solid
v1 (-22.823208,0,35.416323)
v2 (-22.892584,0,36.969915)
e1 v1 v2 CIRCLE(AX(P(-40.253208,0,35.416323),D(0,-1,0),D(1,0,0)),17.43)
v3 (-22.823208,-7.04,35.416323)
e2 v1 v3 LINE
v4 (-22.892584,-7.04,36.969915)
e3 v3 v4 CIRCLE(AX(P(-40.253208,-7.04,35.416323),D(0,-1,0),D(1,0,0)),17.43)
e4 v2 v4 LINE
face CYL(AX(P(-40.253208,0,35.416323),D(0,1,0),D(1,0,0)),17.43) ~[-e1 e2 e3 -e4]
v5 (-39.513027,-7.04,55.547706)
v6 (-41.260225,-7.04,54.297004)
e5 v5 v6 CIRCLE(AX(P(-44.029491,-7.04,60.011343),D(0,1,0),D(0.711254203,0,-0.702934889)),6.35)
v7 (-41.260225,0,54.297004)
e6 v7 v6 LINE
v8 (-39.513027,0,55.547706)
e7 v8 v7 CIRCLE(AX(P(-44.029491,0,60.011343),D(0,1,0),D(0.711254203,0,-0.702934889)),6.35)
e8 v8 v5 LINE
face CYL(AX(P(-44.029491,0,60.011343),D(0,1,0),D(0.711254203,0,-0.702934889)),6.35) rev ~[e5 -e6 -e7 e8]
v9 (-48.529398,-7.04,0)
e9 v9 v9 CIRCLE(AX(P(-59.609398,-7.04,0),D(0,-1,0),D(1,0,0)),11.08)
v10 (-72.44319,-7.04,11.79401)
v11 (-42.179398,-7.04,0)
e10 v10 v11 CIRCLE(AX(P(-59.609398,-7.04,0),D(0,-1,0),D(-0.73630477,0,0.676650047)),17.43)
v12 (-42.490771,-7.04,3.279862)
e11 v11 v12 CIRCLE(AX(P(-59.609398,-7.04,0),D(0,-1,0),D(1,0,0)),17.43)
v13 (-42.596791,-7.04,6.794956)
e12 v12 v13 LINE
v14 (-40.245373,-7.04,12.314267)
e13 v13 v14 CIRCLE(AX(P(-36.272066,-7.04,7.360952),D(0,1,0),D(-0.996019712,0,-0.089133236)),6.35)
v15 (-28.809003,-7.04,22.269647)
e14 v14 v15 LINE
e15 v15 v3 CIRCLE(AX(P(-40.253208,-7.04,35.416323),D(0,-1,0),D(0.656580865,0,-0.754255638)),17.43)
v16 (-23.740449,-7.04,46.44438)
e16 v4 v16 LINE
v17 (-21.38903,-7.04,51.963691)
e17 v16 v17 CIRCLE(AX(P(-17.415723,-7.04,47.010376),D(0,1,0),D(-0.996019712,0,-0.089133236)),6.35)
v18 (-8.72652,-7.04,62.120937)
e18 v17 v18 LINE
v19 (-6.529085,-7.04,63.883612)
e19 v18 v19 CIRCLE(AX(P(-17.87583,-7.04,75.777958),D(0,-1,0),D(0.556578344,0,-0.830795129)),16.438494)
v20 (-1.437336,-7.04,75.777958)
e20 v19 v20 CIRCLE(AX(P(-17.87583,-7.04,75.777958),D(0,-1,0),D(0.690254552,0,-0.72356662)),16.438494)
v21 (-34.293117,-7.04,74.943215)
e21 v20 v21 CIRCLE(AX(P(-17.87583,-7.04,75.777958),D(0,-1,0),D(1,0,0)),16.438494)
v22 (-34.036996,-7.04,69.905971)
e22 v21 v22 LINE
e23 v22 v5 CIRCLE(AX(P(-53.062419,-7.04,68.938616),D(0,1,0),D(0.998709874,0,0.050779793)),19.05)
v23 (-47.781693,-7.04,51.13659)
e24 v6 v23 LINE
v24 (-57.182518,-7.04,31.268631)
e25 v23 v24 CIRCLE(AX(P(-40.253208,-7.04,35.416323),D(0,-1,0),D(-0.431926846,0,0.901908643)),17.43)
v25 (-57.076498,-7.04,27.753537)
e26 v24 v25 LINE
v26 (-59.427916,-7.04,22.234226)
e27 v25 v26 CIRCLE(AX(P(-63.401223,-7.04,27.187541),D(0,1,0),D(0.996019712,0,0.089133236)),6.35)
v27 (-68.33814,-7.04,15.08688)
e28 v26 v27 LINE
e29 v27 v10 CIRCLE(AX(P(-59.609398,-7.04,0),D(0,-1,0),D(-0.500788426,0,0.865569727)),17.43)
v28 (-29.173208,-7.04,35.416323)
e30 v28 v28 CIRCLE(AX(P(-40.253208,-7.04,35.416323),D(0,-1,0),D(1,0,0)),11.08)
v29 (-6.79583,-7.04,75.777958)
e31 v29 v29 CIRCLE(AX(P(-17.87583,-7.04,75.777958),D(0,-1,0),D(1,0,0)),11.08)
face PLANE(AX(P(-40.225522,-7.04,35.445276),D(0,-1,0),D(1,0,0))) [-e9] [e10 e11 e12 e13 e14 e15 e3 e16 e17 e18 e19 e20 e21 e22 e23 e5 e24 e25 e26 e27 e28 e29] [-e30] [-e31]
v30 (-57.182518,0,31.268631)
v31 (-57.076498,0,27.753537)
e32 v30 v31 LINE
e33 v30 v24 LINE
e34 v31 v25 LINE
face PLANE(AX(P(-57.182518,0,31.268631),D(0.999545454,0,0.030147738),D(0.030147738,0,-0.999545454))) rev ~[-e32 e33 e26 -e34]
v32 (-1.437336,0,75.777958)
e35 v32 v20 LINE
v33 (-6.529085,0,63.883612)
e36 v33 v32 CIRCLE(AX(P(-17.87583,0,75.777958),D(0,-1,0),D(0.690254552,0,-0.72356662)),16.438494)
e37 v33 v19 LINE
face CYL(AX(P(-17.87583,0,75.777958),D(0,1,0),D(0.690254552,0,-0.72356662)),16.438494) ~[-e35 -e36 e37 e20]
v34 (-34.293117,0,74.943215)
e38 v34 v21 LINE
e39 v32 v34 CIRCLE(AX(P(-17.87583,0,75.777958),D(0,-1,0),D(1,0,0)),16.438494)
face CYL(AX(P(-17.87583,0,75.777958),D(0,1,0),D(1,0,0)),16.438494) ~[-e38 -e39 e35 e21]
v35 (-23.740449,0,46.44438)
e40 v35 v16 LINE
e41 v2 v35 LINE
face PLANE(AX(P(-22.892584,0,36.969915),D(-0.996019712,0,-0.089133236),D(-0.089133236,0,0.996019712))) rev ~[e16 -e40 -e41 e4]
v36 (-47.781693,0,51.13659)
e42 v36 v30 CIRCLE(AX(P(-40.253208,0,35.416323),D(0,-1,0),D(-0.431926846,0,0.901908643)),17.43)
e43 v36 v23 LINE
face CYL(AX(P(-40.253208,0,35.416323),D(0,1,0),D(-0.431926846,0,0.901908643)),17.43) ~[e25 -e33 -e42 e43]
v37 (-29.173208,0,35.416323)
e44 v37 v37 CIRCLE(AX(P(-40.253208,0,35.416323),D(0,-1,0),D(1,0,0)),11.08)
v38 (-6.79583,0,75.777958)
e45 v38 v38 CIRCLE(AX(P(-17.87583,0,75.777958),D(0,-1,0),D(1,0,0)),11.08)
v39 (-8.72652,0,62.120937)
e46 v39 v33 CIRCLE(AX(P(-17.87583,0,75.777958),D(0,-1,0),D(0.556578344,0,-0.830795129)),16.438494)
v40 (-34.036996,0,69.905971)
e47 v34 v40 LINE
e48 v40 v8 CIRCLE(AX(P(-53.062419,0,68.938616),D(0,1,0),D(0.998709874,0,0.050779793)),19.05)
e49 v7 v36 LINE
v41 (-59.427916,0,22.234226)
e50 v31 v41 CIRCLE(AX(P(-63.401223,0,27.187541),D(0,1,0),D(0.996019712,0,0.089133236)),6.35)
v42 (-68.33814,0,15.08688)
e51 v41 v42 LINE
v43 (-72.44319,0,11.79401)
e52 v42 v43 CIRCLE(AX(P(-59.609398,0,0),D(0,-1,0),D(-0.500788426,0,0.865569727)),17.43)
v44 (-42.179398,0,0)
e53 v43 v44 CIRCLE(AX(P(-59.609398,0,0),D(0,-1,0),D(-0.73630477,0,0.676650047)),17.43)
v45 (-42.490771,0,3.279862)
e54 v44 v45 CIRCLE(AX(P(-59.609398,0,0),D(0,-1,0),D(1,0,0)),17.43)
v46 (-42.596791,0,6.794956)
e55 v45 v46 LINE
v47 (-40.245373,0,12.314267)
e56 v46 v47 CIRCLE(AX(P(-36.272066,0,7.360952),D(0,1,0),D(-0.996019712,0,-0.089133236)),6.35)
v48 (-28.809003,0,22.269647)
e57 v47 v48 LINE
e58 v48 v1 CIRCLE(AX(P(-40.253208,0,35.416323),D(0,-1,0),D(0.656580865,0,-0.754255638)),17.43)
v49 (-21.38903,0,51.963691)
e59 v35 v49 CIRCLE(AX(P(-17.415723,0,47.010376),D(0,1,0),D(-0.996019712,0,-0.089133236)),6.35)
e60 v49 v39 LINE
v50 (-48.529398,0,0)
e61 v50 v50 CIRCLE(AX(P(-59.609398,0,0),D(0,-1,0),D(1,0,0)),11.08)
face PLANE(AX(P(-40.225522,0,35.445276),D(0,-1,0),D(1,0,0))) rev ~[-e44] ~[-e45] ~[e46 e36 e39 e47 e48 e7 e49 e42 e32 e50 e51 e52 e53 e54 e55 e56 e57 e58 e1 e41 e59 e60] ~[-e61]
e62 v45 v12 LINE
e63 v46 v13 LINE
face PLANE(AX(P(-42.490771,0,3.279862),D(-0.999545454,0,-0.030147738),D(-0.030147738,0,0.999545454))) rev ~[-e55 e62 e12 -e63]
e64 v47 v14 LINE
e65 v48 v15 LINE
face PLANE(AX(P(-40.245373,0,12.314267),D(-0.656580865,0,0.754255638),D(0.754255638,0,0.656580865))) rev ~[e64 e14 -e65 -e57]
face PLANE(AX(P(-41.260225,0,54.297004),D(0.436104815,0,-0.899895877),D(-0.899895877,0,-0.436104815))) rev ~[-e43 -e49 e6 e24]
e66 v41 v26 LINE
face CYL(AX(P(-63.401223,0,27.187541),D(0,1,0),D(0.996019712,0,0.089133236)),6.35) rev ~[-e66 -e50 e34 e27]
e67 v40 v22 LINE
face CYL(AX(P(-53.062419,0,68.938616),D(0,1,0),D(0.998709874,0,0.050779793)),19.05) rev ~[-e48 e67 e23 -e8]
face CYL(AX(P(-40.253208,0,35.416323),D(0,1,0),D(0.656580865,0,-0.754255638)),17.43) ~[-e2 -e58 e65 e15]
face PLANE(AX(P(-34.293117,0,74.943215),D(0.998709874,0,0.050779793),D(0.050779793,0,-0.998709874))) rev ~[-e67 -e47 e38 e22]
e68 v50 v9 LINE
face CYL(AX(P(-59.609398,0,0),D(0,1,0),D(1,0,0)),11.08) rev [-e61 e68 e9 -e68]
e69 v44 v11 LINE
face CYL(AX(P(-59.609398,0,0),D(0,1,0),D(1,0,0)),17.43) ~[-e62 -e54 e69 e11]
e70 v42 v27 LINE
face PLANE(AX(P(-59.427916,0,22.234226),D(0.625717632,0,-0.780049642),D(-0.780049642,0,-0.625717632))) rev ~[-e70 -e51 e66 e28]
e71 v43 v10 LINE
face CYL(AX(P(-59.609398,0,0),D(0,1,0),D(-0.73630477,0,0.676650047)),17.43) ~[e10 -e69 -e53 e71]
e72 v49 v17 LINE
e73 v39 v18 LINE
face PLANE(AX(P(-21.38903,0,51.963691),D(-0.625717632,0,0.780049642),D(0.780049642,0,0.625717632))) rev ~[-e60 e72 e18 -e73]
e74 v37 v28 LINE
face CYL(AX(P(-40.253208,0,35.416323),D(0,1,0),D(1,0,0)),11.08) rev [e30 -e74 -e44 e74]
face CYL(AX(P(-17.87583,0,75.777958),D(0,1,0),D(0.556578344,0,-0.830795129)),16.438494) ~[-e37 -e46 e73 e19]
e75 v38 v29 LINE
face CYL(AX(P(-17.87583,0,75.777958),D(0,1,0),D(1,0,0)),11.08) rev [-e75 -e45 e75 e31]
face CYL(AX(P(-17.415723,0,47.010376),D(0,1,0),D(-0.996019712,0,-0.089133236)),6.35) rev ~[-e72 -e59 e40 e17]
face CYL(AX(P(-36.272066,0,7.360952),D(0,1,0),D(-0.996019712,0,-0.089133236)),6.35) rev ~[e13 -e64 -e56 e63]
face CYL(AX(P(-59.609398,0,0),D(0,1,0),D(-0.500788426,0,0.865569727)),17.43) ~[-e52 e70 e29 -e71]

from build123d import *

# Parameters (mm, degrees)
F0_R     = 11.079999938
F1_DEPTH = 7.04


with BuildPart() as f1:
    # F0 (on Front) → F1 (new body)
    with BuildSketch(Plane.XZ):
        with BuildLine():
            ThreePointArc((-28.8090031659, 22.2696470138), (-24.3900840083, 28.1937049584), (-22.8232076674, 35.4163227376))
            ThreePointArc((-22.8232076674, 35.4163227376), (-22.8405604112, 36.1938930103), (-22.8925840909, 36.9699150355))
            ThreePointArc((-22.8925840909, 36.9699150355), (-31.6310611427, 50.5643750287), (-47.7816925034, 51.1365903237))
            ThreePointArc((-47.7816925034, 51.1365903237), (-56.0085206864, 42.8711874283), (-57.1825180023, 31.2686309308))
            ThreePointArc((-57.1825180023, 31.2686309308), (-45.5226501495, 18.8019352041), (-28.8090031659, 22.2696470138))
        make_face()
        with Locations((-40.2532076054, 35.4163227376)):
            Circle(F0_R, mode=Mode.SUBTRACT)
        with BuildLine():
            ThreePointArc((-47.7816925034, 51.1365903237), (-31.6310611427, 50.5643750287), (-22.8925840909, 36.9699150355))
            Line((-22.8925840909, 36.9699150355), (-23.7404485644, 46.4443800767))
            ThreePointArc((-23.7404485644, 46.4443800767), (-23.2576465121, 49.4992381724), (-21.3890303605, 51.963691354))
            Line((-21.3890303605, 51.963691354), (-8.7265202555, 62.1209370132))
            ThreePointArc((-8.7265202555, 62.1209370132), (-25.2452652126, 61.0838938149), (-34.2931167989, 74.9432146938))
            Line((-34.2931167989, 74.9432146938), (-34.0369961774, 69.9059709762))
            ThreePointArc((-34.0369961774, 69.9059709762), (-35.2629924551, 62.1501768677), (-39.5130267128, 55.5477062744))
            ThreePointArc((-39.5130267128, 55.5477062744), (-40.3333403908, 54.8479164985), (-41.2602253247, 54.297004001))
            Line((-41.2602253247, 54.297004001), (-47.7816925034, 51.1365903237))
        make_face()
        with BuildLine():
            Line((-40.245373005, 12.314266868), (-28.8090031659, 22.2696470138))
            ThreePointArc((-28.8090031659, 22.2696470138), (-45.5226501495, 18.8019352041), (-57.1825180023, 31.2686309308))
            Line((-57.1825180023, 31.2686309308), (-57.0764976956, 27.7535374878))
            ThreePointArc((-57.0764976956, 27.7535374878), (-57.5592997479, 24.6986793921), (-59.4279158995, 22.2342262105))
            Line((-59.4279158995, 22.2342262105), (-68.3381404853, 15.0868802857))
            ThreePointArc((-68.3381404853, 15.0868802857), (-52.3672326621, 15.8542087629), (-42.4907709022, 3.2798621477))
            Line((-42.4907709022, 3.2798621477), (-42.5967912088, 6.7949555907))
            ThreePointArc((-42.5967912088, 6.7949555907), (-42.1139891566, 9.8498136864), (-40.245373005, 12.314266868))
        make_face()
        with BuildLine():
            Line((-6.5290846743, 63.8836122516), (-8.7265202555, 62.1209370132))
            ThreePointArc((-8.7265202555, 62.1209370132), (-7.5899744525, 62.955116416), (-6.5290846743, 63.8836122516))
        make_face()
        with BuildLine():
            ThreePointArc((-34.2931167989, 74.9432146938), (-25.2452652126, 61.0838938149), (-8.7265202555, 62.1209370132))
            Line((-8.7265202555, 62.1209370132), (-6.5290846743, 63.8836122516))
            ThreePointArc((-6.5290846743, 63.8836122516), (-2.7637901739, 69.3087740166), (-1.4373358773, 75.777958034))
            ThreePointArc((-1.4373358773, 75.777958034), (-18.2933365525, 92.2111495713), (-34.2931167989, 74.9432146938))
        make_face()
        with Locations((-17.8758302018, 75.777958034)):
            Circle(F0_R, mode=Mode.SUBTRACT)
        with BuildLine():
            ThreePointArc((-42.1793983078, 0), (-42.2574160625, 1.6473045105), (-42.4907709022, 3.2798621477))
            ThreePointArc((-42.4907709022, 3.2798621477), (-52.3672326621, 15.8542087629), (-68.3381404853, 15.0868802857))
            Line((-68.3381404853, 15.0868802857), (-72.4431903423, 11.7940102706))
            ThreePointArc((-72.4431903423, 11.7940102706), (-65.9383753509, -16.2403493387), (-42.1793983078, 0))
        make_face()
        with Locations((-59.6093982458, 0)):
            Circle(F0_R, mode=Mode.SUBTRACT)
        with BuildLine():
            Line((-72.4431903423, 11.7940102706), (-68.3381404853, 15.0868802857))
            ThreePointArc((-68.3381404853, 15.0868802857), (-70.5156565401, 13.5962652172), (-72.4431903423, 11.7940102706))
        make_face()
    extrude(amount=F1_DEPTH)


solid = f1.part
